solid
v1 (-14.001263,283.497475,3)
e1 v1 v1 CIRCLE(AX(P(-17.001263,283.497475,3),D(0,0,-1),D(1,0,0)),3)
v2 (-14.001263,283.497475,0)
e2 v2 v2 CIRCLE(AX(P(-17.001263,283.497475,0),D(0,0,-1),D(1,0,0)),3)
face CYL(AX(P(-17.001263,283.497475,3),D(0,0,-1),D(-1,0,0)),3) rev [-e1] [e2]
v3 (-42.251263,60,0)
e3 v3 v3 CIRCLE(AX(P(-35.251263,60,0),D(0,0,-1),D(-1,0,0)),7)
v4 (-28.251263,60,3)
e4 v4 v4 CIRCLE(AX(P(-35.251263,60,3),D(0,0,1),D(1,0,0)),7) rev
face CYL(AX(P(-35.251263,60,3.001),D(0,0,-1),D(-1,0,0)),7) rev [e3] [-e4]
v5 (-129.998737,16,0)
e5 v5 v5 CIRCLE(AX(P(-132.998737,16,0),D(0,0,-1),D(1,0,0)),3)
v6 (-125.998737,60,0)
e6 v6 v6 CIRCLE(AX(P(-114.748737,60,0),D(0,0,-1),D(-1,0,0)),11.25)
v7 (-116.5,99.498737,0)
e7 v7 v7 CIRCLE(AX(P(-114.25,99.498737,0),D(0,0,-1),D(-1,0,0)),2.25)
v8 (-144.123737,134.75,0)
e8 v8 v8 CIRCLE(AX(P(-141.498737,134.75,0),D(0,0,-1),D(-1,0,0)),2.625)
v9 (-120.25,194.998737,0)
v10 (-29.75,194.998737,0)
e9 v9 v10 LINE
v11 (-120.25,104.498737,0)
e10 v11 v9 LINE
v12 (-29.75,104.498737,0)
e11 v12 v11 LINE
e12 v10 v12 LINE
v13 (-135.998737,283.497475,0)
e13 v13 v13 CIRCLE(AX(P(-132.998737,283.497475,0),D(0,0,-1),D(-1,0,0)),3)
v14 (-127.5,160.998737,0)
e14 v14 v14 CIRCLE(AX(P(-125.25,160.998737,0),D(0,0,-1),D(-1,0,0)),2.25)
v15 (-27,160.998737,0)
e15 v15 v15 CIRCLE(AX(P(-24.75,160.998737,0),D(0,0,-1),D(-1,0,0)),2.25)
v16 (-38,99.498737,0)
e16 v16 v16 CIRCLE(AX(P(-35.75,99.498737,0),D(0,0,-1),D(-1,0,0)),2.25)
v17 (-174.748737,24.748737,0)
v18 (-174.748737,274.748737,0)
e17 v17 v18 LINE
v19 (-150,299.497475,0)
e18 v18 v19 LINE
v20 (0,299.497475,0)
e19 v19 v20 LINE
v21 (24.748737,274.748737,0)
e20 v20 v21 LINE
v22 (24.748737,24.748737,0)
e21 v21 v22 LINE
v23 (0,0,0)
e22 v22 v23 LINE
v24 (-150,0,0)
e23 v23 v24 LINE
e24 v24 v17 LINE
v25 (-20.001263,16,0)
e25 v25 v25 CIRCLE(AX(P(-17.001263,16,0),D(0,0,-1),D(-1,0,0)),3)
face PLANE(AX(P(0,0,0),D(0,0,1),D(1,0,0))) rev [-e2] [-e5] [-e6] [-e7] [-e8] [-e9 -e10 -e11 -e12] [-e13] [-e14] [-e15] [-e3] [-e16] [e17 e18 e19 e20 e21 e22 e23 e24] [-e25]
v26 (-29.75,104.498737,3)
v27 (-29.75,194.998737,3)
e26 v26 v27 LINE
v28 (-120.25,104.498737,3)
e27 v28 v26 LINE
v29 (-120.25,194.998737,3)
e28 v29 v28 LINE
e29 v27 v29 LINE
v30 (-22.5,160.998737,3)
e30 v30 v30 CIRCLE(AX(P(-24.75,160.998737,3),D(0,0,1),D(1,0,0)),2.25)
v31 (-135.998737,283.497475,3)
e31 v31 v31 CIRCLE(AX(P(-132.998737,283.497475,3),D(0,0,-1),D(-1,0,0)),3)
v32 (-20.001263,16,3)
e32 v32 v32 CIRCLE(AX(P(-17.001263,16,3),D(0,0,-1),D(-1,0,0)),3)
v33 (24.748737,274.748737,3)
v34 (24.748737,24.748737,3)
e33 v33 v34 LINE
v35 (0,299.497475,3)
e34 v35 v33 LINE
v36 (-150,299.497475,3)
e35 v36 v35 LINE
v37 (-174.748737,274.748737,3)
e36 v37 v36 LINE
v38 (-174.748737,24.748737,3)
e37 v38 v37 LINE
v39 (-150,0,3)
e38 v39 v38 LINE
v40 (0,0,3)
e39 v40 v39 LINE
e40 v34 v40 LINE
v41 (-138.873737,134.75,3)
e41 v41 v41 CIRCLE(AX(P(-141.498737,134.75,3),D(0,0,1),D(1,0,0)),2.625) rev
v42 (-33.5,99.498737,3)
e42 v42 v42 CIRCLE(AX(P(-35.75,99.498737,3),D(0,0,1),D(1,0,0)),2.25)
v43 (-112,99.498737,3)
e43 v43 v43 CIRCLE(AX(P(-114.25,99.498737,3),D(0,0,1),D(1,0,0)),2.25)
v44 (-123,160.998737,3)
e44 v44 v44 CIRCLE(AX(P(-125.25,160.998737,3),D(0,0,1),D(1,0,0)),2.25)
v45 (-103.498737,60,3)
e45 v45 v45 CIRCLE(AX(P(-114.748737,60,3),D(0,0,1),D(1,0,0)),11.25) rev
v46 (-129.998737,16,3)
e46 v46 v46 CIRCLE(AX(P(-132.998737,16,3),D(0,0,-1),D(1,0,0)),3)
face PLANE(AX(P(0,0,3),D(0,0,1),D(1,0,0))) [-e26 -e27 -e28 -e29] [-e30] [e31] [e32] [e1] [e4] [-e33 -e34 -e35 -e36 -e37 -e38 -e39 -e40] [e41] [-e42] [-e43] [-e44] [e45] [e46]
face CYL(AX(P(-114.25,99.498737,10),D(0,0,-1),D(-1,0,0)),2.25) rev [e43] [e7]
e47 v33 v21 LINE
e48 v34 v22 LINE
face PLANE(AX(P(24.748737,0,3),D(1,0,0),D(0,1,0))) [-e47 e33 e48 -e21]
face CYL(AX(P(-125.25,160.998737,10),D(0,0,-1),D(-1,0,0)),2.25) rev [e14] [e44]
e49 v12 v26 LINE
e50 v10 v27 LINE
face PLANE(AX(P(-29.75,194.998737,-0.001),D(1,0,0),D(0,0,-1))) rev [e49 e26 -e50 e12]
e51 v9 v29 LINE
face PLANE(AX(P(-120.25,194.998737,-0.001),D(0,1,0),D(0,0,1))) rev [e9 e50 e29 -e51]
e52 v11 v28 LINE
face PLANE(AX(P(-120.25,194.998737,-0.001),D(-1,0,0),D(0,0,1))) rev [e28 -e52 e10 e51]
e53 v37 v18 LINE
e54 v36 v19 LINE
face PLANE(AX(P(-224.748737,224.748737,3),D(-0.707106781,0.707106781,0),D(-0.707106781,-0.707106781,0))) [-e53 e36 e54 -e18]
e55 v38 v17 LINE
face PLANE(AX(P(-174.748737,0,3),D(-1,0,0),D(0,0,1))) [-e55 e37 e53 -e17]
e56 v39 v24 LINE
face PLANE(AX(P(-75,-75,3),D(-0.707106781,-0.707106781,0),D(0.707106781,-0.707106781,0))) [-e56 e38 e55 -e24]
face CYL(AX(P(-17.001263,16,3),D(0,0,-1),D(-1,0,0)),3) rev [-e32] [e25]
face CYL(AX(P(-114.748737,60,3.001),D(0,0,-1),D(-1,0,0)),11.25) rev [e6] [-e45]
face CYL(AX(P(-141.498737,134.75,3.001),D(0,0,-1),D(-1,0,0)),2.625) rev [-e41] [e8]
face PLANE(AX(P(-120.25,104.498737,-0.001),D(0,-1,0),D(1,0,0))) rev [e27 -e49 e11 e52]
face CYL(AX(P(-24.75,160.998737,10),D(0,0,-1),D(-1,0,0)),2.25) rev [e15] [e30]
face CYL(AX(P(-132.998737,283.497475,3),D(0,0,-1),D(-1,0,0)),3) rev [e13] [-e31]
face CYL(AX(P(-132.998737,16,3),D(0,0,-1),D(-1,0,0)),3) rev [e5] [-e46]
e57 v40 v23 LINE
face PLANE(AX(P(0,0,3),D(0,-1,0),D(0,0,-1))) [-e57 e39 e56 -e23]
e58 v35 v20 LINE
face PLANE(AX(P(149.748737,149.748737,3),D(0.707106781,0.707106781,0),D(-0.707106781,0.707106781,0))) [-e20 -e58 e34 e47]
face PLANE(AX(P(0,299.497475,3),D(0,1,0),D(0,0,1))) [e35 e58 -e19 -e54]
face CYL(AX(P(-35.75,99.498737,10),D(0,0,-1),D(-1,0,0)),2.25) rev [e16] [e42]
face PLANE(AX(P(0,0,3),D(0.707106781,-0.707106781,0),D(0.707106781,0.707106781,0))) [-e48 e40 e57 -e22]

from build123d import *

# Parameters (mm, degrees)
BASE_DEPTH              = 3
ESQUISSE2_R             = 3
ENL_V_MAT_EXTRU_1_DEPTH = 4
ENL_V_MAT_EXTRU_2_REACH = 5
ESQUISSE3_R             = 11.25
ESQUISSE3_R_2           = 7
ENL_V_MAT_EXTRU_3_REACH = 5
ESQUISSE4_R             = 2.625
ENL_V_MAT_EXTRU_4_REACH = 5
ESQUISSE5_W             = 90.5
ESQUISSE5_H             = 90.5
ESQUISSE6_R             = 2.25
ENL_V_MAT_EXTRU_5_DEPTH = 10


with BuildPart() as part:
    # Esquisse1 → Base (new body)
    with BuildSketch(Plane.XY):
        Polygon((24.748737342, 24.748737342), (0, 0), (-150, 0), (-174.748737342, 24.748737342), (-174.748737342, 274.748737342), (-150, 299.497474683), (0, 299.497474683), (24.748737342, 274.748737342), align=None)
    extrude(amount=BASE_DEPTH)

    # Esquisse2 → Enlèv. mat.-Extru.1 (cut, through all)
    with BuildSketch(Plane(origin=(0, 0, 0), x_dir=(-1, 0, 0), z_dir=(0, 0, -1))):
        with Locations((132.998737342, 283.497474683)):
            Circle(ESQUISSE2_R)
        with Locations((132.998737342, 16)):
            Circle(ESQUISSE2_R)
        with Locations((17.001262658, 16)):
            Circle(ESQUISSE2_R)
        with Locations((17.001262658, 283.497474683)):
            Circle(ESQUISSE2_R)
    extrude(amount=-ENL_V_MAT_EXTRU_1_DEPTH, mode=Mode.SUBTRACT)

    # Esquisse3 → Enlèv. mat.-Extru.2 (cut, up to next)
    with BuildSketch(Plane(origin=(0, 0, 0), x_dir=(-1, 0, 0), z_dir=(0, 0, -1)), mode=Mode.PRIVATE) as enl_v_mat_extru_2_sk1:
        with Locations((114.748737342, 60)):
            Circle(ESQUISSE3_R)
    enl_v_mat_extru_2_tool1 = extrude(enl_v_mat_extru_2_sk1.sketch, amount=-ENL_V_MAT_EXTRU_2_REACH, mode=Mode.PRIVATE) & part.part
    add(enl_v_mat_extru_2_tool1.solids().sort_by_distance((-114.748737, 60, 0))[0], mode=Mode.SUBTRACT)
    # Esquisse3 → Enlèv. mat.-Extru.2 (cut, up to next)
    with BuildSketch(Plane(origin=(0, 0, 0), x_dir=(-1, 0, 0), z_dir=(0, 0, -1)), mode=Mode.PRIVATE) as enl_v_mat_extru_2_sk2:
        with Locations((35.251262658, 60)):
            Circle(ESQUISSE3_R_2)
    enl_v_mat_extru_2_tool2 = extrude(enl_v_mat_extru_2_sk2.sketch, amount=-ENL_V_MAT_EXTRU_2_REACH, mode=Mode.PRIVATE) & part.part
    add(enl_v_mat_extru_2_tool2.solids().sort_by_distance((-35.251263, 60, 0))[0], mode=Mode.SUBTRACT)

    # Esquisse4 → Enlèv. mat.-Extru.3 (cut, up to next)
    with BuildSketch(Plane(origin=(0, 0, 0), x_dir=(-1, 0, 0), z_dir=(0, 0, -1)), mode=Mode.PRIVATE) as enl_v_mat_extru_3_sk1:
        with Locations((141.498737342, 134.75)):
            Circle(ESQUISSE4_R)
    enl_v_mat_extru_3_tool1 = extrude(enl_v_mat_extru_3_sk1.sketch, amount=-ENL_V_MAT_EXTRU_3_REACH, mode=Mode.PRIVATE) & part.part
    add(enl_v_mat_extru_3_tool1.solids().sort_by_distance((-141.498737, 134.75, 0))[0], mode=Mode.SUBTRACT)

    # Esquisse5 → Enlèv. mat.-Extru.4 (cut, up to next)
    with BuildSketch(Plane.XY.offset(3), mode=Mode.PRIVATE) as enl_v_mat_extru_4_sk1:
        with Locations((-75, 149.748737342)):
            Rectangle(ESQUISSE5_W, ESQUISSE5_H)
    enl_v_mat_extru_4_tool1 = extrude(enl_v_mat_extru_4_sk1.sketch, amount=-ENL_V_MAT_EXTRU_4_REACH, mode=Mode.PRIVATE) & part.part
    add(enl_v_mat_extru_4_tool1.solids().sort_by_distance((-75, 149.748737, 3))[0], mode=Mode.SUBTRACT)

    # Esquisse6 → Enlèv. mat.-Extru.5 (cut)
    with BuildSketch(Plane(origin=(0, 0, 0), x_dir=(-1, 0, 0), z_dir=(0, 0, -1))):
        with Locations((125.25, 160.998737342)):
            Circle(ESQUISSE6_R)
        with Locations((35.75, 99.498737342)):
            Circle(ESQUISSE6_R)
        with Locations((114.25, 99.498737342)):
            Circle(ESQUISSE6_R)
        with Locations((24.75, 160.998737342)):
            Circle(ESQUISSE6_R)
    extrude(amount=-ENL_V_MAT_EXTRU_5_DEPTH, mode=Mode.SUBTRACT)


solid = part.part
